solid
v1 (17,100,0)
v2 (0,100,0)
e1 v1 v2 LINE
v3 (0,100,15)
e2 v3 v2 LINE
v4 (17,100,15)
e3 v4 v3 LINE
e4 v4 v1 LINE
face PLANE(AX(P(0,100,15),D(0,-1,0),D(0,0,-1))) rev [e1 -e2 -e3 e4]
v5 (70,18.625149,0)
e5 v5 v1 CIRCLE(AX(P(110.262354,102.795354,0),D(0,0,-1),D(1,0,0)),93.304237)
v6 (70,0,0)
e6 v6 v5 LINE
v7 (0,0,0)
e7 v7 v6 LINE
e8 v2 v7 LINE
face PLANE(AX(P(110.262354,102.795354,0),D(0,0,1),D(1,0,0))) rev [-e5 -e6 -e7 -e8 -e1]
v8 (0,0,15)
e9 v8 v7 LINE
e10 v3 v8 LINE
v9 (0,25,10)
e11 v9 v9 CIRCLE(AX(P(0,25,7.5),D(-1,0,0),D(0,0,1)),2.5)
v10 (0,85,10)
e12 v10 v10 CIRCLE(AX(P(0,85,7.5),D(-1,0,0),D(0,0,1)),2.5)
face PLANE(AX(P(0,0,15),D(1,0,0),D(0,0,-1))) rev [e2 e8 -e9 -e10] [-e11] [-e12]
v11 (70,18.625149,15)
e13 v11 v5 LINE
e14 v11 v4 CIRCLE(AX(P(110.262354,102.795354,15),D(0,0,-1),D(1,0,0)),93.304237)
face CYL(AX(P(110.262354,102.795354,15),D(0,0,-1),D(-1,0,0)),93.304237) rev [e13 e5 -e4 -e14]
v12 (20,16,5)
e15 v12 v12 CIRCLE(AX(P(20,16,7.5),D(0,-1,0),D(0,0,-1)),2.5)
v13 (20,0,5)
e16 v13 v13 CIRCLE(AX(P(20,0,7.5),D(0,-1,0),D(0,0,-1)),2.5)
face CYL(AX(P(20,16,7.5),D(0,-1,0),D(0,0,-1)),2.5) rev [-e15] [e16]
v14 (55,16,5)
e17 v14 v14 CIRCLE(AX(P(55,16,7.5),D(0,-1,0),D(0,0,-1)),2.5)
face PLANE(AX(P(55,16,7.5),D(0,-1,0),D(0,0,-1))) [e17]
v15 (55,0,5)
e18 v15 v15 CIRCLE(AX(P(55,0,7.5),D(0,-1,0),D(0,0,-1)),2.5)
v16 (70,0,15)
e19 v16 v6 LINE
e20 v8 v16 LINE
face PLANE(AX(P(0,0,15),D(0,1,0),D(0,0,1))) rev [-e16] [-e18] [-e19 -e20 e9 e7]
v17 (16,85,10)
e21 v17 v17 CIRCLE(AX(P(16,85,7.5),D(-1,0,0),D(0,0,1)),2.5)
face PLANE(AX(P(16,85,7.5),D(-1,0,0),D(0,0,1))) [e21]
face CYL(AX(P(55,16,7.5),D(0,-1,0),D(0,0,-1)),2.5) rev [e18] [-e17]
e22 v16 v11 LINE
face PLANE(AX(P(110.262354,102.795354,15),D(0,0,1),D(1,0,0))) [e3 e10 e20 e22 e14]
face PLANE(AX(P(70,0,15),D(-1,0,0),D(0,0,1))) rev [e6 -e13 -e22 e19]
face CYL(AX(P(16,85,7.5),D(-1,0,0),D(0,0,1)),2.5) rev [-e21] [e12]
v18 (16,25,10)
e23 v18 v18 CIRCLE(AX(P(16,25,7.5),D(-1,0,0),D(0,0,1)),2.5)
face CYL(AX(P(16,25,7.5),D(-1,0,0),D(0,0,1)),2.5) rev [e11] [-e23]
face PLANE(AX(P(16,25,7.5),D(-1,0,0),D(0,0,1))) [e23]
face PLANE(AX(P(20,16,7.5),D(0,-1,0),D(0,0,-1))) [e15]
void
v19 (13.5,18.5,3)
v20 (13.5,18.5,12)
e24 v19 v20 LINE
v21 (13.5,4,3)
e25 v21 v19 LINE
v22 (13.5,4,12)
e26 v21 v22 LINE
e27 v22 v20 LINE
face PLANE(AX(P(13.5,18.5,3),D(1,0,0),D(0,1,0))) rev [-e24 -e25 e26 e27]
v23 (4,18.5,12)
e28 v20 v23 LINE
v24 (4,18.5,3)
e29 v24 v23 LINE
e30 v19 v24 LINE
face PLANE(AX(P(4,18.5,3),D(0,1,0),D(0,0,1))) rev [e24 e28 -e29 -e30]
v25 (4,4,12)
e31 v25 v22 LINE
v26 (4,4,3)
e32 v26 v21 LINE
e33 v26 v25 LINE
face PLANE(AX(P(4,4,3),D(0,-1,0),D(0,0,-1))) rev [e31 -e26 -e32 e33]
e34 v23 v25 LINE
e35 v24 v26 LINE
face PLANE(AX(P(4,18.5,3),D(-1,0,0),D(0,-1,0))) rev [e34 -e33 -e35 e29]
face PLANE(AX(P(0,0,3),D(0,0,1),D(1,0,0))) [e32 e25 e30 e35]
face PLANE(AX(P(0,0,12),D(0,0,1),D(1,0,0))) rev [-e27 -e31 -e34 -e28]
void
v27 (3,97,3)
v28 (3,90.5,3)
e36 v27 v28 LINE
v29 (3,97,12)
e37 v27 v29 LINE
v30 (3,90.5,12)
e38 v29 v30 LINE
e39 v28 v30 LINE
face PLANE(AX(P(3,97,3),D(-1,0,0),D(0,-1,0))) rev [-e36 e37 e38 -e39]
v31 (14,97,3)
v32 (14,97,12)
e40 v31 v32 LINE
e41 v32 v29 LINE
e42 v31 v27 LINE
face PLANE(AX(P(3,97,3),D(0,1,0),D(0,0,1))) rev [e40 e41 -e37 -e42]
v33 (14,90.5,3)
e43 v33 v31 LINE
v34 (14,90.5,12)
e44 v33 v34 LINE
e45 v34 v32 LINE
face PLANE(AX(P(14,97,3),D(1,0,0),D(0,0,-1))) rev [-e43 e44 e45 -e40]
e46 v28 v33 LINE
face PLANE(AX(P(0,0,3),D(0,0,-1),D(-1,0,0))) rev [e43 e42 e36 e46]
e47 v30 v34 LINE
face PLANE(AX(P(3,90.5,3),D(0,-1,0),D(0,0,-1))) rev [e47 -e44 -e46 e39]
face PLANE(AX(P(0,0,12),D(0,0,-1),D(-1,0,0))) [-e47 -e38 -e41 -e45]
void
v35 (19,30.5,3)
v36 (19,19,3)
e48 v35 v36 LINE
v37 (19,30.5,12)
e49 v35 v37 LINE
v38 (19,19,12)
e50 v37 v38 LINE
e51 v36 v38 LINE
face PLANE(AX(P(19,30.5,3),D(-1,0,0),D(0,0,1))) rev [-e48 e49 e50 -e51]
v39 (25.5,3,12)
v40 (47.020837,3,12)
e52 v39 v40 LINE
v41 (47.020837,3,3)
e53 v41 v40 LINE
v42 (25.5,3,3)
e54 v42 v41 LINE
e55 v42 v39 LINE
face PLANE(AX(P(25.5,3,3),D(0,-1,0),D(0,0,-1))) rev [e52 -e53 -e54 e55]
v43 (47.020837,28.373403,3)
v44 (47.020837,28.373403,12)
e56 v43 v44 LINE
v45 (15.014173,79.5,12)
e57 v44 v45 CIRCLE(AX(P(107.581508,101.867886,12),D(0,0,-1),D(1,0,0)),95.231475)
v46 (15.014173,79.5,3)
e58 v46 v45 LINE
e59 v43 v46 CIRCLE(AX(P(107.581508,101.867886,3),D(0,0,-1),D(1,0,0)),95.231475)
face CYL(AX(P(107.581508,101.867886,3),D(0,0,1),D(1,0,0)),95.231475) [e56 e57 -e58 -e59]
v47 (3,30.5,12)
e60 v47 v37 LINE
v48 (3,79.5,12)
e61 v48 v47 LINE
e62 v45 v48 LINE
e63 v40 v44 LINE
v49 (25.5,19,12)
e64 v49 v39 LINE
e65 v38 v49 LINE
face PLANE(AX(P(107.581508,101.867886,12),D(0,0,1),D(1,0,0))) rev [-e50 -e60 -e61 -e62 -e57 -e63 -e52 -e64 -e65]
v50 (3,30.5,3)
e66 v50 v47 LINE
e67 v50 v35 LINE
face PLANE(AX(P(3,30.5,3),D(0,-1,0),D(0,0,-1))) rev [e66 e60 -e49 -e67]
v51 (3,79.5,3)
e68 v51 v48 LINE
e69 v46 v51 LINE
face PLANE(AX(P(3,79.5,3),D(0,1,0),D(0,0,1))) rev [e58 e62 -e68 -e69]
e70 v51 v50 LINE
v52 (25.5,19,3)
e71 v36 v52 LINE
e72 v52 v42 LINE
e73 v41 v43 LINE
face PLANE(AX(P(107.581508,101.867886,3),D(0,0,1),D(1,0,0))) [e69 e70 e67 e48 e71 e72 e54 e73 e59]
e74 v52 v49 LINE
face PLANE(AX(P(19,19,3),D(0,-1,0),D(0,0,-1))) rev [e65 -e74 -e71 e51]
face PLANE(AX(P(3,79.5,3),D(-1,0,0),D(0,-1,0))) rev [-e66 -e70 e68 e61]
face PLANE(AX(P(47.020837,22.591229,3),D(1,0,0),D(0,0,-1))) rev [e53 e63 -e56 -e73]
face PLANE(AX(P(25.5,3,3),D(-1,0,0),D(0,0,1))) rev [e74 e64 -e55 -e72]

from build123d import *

# Parameters (mm, degrees)
BOSS_EXTRU_1_DEPTH      = 15
ESQUISSE7_R             = 2.5
ENL_V_MAT_EXTRU_4_DEPTH = 16
ESQUISSE5_R             = 2.5
ENL_V_MAT_EXTRU_5_DEPTH = 16
ESQUISSE8_R             = 2.5
ENL_V_MAT_EXTRU_6_DEPTH = 16
ESQUISSE9_R             = 2.5
ENL_V_MAT_EXTRU_7_DEPTH = 16
ENL_V_START             = -3
ESQUISSE10_W            = 11
ESQUISSE10_H            = 6.5
ESQUISSE10_W_2          = 9.5
ESQUISSE10_H_2          = 14.5
ENL_V_MAT_EXTRU_8_DEPTH = 9


with BuildPart() as part:
    # Esquisse1 → Boss.-Extru.1 (new body)
    with BuildSketch(Plane.XY):
        with BuildLine():
            Line((0, 100), (17, 100))
            ThreePointArc((17, 100), (32.078733461, 51.873825012), (70, 18.625148861))
            Line((70, 18.625148861), (70, 0))
            Line((70, 0), (0, 0))
            Line((0, 0), (0, 100))
        make_face()
    extrude(amount=BOSS_EXTRU_1_DEPTH)

    # Esquisse7 → Enlèv. mat.-Extru.4 (cut)
    with BuildSketch(Plane.ZY):
        with Locations((7.5, 25)):
            Circle(ESQUISSE7_R)
    extrude(amount=-ENL_V_MAT_EXTRU_4_DEPTH, mode=Mode.SUBTRACT)

    # Esquisse5 → Enlèv. mat.-Extru.5 (cut)
    with BuildSketch(Plane.ZY):
        with Locations((7.5, 85)):
            Circle(ESQUISSE5_R)
    extrude(amount=-ENL_V_MAT_EXTRU_5_DEPTH, mode=Mode.SUBTRACT)

    # Esquisse8 → Enlèv. mat.-Extru.6 (cut)
    with BuildSketch(Plane.XZ):
        with Locations(Location((20, 7.5, 0), (0, 0, 270))):
            Circle(ESQUISSE8_R)
    extrude(amount=-ENL_V_MAT_EXTRU_6_DEPTH, mode=Mode.SUBTRACT)

    # Esquisse9 → Enlèv. mat.-Extru.7 (cut)
    with BuildSketch(Plane.XZ):
        with Locations(Location((55, 7.5, 0), (0, 0, 270))):
            Circle(ESQUISSE9_R)
    extrude(amount=-ENL_V_MAT_EXTRU_7_DEPTH, mode=Mode.SUBTRACT)

    # Esquisse10 → Enlèv. mat.-Extru.8 (cut)
    with BuildSketch(Plane.XY.offset(15).offset(ENL_V_START)):
        with BuildLine():
            Line((3, 79.5), (15.014172538, 79.5))
            ThreePointArc((15.014172538, 79.5), (26.862682219, 51.335667796), (47.020836751, 28.373403185))
            Line((47.020836751, 28.373403185), (47.020836751, 22.591228546))
            Line((47.020836751, 22.591228546), (47.020836751, 18.330678811))
            Line((47.020836751, 18.330678811), (47.020836751, 3))
            Line((47.020836751, 3), (25.5, 3))
            Line((25.5, 3), (25.5, 14.739450265))
            Line((25.5, 14.739450265), (25.5, 19))
            Line((25.5, 19), (19, 19))
            Line((19, 19), (19, 30.5))
            Line((19, 30.5), (3, 30.5))
            Line((3, 30.5), (3, 79.5))
        make_face()
        with Locations((8.5, 93.75)):
            Rectangle(ESQUISSE10_W, ESQUISSE10_H)
        with Locations((8.75, 11.25)):
            Rectangle(ESQUISSE10_W_2, ESQUISSE10_H_2)
    extrude(amount=-ENL_V_MAT_EXTRU_8_DEPTH, mode=Mode.SUBTRACT)


solid = part.part
